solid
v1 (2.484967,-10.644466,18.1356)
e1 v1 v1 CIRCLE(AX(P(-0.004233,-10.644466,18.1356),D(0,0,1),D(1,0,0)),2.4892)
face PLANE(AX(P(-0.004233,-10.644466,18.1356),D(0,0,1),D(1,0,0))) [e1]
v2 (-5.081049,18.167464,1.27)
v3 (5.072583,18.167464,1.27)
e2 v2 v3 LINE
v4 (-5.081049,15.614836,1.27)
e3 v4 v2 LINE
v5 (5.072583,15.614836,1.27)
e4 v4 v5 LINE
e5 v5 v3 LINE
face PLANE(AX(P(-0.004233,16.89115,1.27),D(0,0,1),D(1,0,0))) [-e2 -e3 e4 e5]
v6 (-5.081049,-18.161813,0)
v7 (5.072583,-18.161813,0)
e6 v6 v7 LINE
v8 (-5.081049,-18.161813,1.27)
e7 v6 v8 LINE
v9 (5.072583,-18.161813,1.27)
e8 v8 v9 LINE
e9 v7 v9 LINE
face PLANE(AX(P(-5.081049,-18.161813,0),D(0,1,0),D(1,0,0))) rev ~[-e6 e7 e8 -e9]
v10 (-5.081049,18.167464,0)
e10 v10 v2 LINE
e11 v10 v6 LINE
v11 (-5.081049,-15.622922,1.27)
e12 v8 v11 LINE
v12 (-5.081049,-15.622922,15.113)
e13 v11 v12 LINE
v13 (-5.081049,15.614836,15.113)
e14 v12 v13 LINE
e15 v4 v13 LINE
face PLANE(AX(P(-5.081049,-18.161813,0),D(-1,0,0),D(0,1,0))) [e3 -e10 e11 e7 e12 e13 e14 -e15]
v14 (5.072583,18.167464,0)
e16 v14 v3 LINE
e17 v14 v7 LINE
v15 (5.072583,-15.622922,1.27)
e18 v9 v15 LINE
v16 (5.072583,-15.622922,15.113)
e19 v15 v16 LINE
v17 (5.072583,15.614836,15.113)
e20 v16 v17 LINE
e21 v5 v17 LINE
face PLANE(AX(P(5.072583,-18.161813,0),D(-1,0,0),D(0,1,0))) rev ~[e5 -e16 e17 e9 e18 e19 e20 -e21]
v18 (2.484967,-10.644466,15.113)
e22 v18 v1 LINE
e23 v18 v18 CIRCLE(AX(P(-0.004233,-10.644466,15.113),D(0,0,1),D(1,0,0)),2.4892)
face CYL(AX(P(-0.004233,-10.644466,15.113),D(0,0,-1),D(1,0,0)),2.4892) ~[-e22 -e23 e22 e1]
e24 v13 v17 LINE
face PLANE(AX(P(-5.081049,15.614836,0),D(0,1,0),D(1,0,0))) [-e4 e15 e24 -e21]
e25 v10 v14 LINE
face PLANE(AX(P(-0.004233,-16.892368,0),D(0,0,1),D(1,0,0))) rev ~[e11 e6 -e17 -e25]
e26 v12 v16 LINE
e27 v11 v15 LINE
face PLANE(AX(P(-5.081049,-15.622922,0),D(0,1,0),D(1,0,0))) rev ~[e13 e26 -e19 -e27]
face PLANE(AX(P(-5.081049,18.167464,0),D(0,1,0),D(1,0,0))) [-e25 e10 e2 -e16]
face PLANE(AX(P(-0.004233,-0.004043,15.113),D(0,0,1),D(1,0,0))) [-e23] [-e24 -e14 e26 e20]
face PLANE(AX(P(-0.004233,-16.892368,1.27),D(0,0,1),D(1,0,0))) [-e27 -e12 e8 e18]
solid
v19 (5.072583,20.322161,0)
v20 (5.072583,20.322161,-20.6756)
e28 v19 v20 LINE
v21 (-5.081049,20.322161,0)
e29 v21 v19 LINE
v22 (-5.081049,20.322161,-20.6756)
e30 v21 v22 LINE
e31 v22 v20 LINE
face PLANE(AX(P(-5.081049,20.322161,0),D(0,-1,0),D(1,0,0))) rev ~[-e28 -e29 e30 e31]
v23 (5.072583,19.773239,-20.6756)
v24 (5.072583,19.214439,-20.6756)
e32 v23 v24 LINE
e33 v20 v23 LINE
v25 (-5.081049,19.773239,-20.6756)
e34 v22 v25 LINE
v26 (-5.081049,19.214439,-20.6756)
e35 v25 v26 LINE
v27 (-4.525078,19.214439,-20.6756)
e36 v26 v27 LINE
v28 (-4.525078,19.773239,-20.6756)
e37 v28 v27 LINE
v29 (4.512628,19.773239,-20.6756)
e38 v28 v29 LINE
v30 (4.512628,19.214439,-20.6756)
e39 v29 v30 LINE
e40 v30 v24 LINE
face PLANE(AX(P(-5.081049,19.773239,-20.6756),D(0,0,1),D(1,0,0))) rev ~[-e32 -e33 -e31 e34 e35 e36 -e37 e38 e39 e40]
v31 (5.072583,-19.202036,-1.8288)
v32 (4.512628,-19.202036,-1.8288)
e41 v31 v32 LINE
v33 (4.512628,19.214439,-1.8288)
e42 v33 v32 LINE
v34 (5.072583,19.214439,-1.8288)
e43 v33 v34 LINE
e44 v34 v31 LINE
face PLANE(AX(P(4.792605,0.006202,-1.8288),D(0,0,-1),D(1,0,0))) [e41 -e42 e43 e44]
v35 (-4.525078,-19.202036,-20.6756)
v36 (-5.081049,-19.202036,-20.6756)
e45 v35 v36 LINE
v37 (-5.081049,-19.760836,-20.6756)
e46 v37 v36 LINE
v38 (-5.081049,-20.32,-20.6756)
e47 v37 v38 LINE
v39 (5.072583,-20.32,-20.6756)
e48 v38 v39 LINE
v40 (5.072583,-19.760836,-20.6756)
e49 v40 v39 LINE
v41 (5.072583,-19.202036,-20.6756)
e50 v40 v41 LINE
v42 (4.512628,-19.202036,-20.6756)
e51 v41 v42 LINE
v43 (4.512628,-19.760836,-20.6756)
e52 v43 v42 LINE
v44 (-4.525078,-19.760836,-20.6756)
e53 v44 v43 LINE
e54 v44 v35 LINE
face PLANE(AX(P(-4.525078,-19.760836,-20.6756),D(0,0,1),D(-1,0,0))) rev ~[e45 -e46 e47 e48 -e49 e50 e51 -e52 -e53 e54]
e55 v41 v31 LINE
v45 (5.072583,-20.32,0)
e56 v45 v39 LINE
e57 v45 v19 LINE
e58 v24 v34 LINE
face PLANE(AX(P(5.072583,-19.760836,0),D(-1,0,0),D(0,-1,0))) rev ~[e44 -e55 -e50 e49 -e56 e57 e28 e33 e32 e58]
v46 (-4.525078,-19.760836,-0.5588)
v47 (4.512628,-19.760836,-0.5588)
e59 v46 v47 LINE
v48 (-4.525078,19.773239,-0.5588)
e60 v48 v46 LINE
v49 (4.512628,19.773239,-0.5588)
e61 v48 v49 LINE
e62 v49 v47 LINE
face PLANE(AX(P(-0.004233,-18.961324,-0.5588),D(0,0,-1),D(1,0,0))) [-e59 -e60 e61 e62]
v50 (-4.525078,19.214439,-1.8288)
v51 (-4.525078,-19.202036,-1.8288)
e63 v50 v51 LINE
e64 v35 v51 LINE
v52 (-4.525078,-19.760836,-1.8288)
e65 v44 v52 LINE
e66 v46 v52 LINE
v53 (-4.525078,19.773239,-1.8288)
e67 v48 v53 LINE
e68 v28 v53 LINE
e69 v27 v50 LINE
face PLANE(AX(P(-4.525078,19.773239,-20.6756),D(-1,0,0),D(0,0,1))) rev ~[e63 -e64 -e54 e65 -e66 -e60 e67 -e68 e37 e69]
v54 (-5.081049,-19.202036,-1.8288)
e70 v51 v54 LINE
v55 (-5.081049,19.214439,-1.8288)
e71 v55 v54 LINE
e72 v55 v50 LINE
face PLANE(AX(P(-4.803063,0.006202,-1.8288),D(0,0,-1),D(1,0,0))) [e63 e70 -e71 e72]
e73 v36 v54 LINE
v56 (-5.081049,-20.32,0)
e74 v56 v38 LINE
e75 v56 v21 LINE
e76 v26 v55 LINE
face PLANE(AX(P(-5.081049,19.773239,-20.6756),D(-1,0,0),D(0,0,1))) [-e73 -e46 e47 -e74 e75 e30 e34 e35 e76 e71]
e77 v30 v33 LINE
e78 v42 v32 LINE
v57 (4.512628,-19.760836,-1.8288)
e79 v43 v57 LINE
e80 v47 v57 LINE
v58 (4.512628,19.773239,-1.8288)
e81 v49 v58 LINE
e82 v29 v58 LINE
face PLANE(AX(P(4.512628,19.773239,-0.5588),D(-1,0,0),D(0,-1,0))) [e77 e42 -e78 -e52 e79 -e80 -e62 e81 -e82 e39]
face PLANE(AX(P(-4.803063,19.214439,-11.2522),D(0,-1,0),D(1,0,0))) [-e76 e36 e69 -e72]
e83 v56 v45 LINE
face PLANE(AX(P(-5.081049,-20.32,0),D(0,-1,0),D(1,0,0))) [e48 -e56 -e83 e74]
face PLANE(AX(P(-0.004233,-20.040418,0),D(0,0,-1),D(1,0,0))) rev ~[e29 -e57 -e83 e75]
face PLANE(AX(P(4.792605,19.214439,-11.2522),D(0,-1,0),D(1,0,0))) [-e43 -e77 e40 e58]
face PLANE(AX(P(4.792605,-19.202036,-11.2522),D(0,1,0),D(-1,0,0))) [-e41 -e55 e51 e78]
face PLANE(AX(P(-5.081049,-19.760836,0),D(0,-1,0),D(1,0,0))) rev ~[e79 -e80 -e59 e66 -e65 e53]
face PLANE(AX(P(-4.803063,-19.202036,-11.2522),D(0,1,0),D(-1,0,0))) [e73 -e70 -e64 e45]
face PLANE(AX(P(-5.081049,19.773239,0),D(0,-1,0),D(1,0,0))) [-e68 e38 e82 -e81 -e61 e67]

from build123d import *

# Parameters (mm, degrees)
F0_W      = 10.1536312141
F0_H      = 31.2377577648
F1_DEPTH  = 15.113
F0_H_2    = 2.5388905779
F0_H_3    = 2.5526285172
F2_DEPTH  = 1.27
F3_R      = 2.4892
F4_DEPTH  = 3.0226
F5_W      = 10.1536312141
F5_H      = 1.5990231186
F5_H_2    = 36.3292768598
F5_H_3    = 1.6057752073
F6_DEPTH  = 0.5588
F5_H_4    = 0.5591640842
F5_H_5    = 0.5489215255
F7_DEPTH  = 20.6756
F8_W      = 0.5599544384
F8_H      = 39.5340751857
F8_W_2    = 0.555970706
F9_DEPTH  = 1.27
F10_W     = 0.555970706
F10_H     = 18.8468
F10_W_2   = 0.5599544384
F11_DEPTH = 0.5588
F12_W     = 0.555970706
F12_H     = 18.8468
F12_W_2   = 0.5599544384
F13_DEPTH = 0.5588


with BuildPart() as f1:
    # F0 (on Top) → F1 (new body)
    with BuildSketch(Plane.XY):
        with Locations((-0.0042330939, -0.004043337)):
            Rectangle(F0_W, F0_H)
    extrude(amount=F1_DEPTH)

    # F0 (on Top) → F2 (join)
    with BuildSketch(Plane.XY):
        with Locations((-0.0042330939, -16.8923675083)):
            Rectangle(F0_W, F0_H_2)
        with Locations((-0.0042330939, 16.891149804)):
            Rectangle(F0_W, F0_H_3)
    extrude(amount=F2_DEPTH)

    # F3 (on face) → F4 (join)
    with BuildSketch(Plane.XY.offset(15.113)):
        with Locations((-0.0042330939, -10.6444656849)):
            Circle(F3_R)
    extrude(amount=F4_DEPTH)


with BuildPart() as f6:
    # F5 (on face) → F6 (new body)
    with BuildSketch(Plane(origin=(0, 0, 0), x_dir=(1, 0, 0), z_dir=(0, 0, -1))):
        with Locations((-0.0042330939, 18.9613243565)):
            Rectangle(F5_W, F5_H)
        with Locations((-0.0042330939, -0.0028256327)):
            Rectangle(F5_W, F5_H_2)
        with Locations((-0.0042330939, -18.9703516662)):
            Rectangle(F5_W, F5_H_3)
    extrude(amount=F6_DEPTH)

    # F5 (on face) → F7 (join)
    with BuildSketch(Plane(origin=(0, 0, 0), x_dir=(1, 0, 0), z_dir=(0, 0, -1))):
        with Locations((-0.0042330939, 20.0404179579)):
            Rectangle(F5_W, F5_H_4)
        with Locations((-0.0042330939, -20.0477000326)):
            Rectangle(F5_W, F5_H_5)
    extrude(amount=F7_DEPTH)

    # F8 (on face) → F9 (join)
    with BuildSketch(Plane(origin=(0, 0, -0.5588), x_dir=(1, 0, 0), z_dir=(0, 0, -1))):
        with Locations((4.7926052939, -0.006201677)):
            Rectangle(F8_W, F8_H)
        with Locations((-4.8030633479, -0.006201677)):
            Rectangle(F8_W_2, F8_H)
    extrude(amount=F9_DEPTH)

    # F10 (on face) → F11 (join)
    with BuildSketch(Plane(origin=(0, -19.7608359158, 0), x_dir=(-1, 0, 0), z_dir=(0, 1, 0))):
        with Locations((4.8030633479, -11.2522)):
            Rectangle(F10_W, F10_H)
        with Locations((-4.7926052939, -11.2522)):
            Rectangle(F10_W_2, F10_H)
    extrude(amount=F11_DEPTH)

    # F12 (on face) → F13 (join)
    with BuildSketch(Plane.XZ.offset(-19.7732392699)):
        with Locations((-4.8030633479, -11.2522)):
            Rectangle(F12_W, F12_H)
        with Locations((4.7926052939, -11.2522)):
            Rectangle(F12_W_2, F12_H)
    extrude(amount=F13_DEPTH)


solid = Compound([f1.part, f6.part])
